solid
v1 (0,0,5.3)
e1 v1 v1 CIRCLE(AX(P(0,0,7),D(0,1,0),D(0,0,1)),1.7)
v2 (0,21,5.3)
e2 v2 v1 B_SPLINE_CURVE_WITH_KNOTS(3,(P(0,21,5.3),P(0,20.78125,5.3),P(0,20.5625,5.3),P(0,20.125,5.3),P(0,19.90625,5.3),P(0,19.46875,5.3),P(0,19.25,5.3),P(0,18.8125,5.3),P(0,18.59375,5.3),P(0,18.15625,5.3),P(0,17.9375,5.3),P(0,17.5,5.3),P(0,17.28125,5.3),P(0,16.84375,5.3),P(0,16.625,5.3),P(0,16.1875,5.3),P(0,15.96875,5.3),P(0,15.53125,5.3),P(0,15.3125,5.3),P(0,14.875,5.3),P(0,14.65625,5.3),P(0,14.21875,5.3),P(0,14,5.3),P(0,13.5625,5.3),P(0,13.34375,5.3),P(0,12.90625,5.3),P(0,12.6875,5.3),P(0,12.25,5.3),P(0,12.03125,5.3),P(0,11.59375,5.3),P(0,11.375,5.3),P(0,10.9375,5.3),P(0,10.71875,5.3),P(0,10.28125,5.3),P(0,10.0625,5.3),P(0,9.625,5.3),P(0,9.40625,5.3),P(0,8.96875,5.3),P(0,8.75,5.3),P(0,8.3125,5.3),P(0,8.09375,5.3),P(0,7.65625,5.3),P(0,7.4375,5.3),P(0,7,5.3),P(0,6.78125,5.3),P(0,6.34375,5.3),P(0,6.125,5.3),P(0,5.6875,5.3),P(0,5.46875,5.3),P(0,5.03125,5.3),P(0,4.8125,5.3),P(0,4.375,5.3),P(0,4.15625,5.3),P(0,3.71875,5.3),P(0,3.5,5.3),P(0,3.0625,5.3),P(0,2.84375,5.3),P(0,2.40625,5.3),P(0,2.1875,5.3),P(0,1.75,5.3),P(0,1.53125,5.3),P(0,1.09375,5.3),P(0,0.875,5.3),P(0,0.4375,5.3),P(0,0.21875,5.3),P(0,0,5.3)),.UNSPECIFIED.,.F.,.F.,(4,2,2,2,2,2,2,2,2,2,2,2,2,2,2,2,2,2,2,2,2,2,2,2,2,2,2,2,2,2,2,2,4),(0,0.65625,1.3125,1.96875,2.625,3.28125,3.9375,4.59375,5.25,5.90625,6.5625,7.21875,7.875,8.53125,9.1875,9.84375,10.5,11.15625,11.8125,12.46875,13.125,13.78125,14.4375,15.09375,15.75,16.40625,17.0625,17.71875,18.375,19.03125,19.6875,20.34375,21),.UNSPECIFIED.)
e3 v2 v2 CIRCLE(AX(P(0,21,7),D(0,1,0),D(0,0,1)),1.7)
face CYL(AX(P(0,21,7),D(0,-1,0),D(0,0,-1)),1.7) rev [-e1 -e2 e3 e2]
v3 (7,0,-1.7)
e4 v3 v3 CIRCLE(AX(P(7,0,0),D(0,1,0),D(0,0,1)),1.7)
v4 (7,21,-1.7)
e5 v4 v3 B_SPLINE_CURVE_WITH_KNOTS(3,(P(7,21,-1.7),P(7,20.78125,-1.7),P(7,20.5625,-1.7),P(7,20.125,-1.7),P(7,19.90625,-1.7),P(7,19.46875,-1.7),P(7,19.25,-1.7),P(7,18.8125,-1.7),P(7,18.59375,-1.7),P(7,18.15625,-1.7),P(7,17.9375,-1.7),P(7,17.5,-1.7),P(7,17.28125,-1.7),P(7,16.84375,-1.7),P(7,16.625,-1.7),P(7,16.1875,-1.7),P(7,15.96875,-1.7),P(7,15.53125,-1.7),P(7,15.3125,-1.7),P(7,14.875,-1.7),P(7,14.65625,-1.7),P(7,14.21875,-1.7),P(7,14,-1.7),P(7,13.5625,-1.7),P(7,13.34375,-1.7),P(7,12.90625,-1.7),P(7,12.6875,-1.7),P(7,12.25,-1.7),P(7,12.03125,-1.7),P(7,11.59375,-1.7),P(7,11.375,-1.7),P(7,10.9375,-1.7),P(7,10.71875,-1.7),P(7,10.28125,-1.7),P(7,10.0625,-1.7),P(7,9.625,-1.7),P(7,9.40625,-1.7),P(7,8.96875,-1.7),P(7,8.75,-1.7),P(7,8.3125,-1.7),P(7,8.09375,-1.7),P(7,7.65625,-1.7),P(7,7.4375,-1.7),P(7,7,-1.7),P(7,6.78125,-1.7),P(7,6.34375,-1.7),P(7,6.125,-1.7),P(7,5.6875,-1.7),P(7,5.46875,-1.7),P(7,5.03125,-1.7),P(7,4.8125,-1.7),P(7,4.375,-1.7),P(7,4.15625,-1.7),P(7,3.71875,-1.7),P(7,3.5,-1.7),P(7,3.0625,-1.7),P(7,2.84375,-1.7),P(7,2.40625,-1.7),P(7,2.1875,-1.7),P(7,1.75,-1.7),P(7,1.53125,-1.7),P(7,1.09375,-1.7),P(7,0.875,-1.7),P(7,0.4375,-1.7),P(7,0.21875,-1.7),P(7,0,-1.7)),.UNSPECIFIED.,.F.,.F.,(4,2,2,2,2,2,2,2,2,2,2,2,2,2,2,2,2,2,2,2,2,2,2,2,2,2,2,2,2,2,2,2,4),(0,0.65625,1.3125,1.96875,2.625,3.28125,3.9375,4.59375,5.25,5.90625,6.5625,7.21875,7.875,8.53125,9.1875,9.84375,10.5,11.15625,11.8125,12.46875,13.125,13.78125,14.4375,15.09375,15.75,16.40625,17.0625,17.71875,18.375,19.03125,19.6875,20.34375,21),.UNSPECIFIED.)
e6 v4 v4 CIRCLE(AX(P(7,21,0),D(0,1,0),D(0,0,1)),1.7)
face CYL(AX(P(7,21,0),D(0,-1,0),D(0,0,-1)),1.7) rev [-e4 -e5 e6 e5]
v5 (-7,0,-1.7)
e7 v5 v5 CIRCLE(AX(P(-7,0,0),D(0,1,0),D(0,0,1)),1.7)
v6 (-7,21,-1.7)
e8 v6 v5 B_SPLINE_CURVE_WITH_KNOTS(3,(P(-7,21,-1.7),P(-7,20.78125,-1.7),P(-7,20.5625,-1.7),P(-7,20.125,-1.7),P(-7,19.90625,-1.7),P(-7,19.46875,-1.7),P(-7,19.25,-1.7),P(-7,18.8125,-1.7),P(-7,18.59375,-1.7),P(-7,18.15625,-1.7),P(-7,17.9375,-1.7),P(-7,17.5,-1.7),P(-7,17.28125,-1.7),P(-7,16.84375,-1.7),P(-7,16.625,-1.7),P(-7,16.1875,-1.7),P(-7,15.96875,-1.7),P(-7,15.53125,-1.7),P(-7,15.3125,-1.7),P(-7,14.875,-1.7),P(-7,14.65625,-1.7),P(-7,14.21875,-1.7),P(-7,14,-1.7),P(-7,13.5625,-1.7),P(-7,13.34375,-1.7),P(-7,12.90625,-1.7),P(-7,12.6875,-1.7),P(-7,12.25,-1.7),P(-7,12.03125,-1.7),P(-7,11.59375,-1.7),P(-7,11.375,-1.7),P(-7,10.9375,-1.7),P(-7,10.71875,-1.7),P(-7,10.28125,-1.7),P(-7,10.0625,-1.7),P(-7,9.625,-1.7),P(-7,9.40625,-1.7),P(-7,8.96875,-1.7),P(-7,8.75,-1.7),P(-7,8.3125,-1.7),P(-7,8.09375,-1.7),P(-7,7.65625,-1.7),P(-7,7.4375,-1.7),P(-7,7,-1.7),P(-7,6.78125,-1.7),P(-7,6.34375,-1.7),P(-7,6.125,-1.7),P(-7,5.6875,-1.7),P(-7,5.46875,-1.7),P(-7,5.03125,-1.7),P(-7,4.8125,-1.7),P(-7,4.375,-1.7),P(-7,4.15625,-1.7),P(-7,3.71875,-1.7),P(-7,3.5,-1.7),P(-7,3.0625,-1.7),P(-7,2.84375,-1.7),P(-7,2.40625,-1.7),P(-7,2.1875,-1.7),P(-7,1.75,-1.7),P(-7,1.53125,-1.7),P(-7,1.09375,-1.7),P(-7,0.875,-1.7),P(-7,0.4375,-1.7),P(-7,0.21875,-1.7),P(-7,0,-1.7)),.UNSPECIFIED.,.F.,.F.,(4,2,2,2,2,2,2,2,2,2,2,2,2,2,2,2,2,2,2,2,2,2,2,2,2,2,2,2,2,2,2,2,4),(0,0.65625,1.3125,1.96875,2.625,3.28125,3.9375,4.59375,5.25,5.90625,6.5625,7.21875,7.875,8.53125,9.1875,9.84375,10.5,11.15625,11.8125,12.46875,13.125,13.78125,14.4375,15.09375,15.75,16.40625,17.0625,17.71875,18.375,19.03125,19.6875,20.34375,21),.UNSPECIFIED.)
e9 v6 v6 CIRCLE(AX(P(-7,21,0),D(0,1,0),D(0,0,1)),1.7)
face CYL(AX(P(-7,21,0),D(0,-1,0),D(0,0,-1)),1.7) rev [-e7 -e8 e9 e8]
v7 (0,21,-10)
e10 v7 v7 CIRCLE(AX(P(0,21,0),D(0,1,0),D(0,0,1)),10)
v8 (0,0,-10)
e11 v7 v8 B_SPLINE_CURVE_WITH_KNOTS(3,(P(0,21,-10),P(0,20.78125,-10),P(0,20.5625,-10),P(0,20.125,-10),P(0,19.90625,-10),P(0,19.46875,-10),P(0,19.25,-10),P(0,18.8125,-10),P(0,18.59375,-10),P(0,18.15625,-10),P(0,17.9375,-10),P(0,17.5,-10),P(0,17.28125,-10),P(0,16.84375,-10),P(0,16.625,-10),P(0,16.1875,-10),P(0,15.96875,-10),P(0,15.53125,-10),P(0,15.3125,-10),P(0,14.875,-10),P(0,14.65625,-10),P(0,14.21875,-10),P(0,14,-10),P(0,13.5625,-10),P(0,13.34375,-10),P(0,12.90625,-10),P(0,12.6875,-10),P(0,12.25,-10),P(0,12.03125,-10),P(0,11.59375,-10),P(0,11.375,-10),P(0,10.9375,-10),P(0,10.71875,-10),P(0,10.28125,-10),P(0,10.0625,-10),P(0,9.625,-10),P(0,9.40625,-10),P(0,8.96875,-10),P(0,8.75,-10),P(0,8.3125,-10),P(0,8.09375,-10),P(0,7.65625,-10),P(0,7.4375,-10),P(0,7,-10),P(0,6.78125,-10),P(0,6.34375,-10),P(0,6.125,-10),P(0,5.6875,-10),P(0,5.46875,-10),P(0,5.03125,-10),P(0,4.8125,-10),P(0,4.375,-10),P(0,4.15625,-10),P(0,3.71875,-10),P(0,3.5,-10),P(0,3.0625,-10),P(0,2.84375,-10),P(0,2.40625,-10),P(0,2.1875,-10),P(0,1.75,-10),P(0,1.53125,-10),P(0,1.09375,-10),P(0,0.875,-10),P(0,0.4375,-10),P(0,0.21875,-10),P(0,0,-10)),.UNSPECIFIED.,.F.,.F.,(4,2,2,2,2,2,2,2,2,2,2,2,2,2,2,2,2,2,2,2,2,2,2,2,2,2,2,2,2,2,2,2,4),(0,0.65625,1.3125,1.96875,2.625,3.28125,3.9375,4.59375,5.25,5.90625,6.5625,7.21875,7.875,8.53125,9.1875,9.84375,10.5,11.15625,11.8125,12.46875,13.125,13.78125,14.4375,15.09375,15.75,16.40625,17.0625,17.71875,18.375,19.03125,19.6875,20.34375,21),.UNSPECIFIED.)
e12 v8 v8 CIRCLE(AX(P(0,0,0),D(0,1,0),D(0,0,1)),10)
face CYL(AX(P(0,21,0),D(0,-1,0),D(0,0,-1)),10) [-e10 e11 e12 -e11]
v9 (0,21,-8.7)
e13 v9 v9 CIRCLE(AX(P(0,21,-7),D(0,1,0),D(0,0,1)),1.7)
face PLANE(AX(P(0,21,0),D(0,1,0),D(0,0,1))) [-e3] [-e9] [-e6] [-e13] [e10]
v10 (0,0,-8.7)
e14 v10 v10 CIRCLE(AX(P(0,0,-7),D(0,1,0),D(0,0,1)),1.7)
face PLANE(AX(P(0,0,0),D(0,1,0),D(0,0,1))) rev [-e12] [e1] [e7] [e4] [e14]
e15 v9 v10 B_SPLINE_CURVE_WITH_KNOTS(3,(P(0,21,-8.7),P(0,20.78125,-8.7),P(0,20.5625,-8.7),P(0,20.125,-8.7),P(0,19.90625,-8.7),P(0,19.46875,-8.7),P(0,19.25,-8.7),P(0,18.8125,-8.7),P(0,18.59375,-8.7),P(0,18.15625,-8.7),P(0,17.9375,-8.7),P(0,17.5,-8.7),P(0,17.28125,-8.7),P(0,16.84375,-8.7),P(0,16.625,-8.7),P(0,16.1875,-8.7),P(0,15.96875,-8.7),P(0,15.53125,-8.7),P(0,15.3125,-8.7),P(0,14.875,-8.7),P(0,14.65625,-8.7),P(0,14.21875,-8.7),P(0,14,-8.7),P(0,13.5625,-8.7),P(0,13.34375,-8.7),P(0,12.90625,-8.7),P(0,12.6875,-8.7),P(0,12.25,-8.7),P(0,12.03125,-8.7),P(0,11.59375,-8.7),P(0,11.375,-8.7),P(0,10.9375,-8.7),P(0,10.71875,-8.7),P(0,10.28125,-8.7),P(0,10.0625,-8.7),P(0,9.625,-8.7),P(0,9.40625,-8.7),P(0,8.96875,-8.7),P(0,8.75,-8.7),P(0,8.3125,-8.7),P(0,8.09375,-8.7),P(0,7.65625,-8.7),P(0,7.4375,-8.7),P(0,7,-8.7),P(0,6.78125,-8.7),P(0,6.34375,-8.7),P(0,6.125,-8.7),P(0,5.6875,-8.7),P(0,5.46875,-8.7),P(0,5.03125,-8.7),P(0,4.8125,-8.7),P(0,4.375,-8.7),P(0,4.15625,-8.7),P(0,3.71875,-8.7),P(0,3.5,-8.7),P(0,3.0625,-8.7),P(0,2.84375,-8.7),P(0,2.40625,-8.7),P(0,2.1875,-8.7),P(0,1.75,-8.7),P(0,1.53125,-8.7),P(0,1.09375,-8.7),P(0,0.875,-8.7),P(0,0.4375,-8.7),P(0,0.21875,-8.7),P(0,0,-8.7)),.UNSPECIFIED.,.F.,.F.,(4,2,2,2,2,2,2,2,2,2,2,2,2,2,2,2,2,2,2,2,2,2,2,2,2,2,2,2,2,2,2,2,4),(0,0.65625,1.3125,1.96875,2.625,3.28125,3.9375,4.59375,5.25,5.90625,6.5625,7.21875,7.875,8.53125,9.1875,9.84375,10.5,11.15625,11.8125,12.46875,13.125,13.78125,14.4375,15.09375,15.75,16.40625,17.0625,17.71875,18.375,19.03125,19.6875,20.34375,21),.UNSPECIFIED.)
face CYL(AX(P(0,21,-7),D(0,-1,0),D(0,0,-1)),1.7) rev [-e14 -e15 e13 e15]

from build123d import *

# Parameters (mm, degrees)
SKETCH_1_R      = 10
SKETCH_1_R_2    = 1.7
EXTRUDE_1_DEPTH = 21


with BuildPart() as part:
    # 草图1 → 凸台-拉伸1 (new body)
    with BuildSketch(Plane(origin=(0, 0, 0), x_dir=(1, 0, 0), z_dir=(0, 1, 0))):
        with Locations(Location((0, 0, 0), (0, 0, 90))):
            Circle(SKETCH_1_R)
        with Locations(Location((0, 7, 0), (0, 0, 90))):
            Circle(SKETCH_1_R_2, mode=Mode.SUBTRACT)
        with Locations(Location((7, 0, 0), (0, 0, 90))):
            Circle(SKETCH_1_R_2, mode=Mode.SUBTRACT)
        with Locations(Location((0, -7, 0), (0, 0, 90))):
            Circle(SKETCH_1_R_2, mode=Mode.SUBTRACT)
        with Locations(Location((-7, 0, 0), (0, 0, 90))):
            Circle(SKETCH_1_R_2, mode=Mode.SUBTRACT)
    extrude(amount=EXTRUDE_1_DEPTH)


solid = part.part
